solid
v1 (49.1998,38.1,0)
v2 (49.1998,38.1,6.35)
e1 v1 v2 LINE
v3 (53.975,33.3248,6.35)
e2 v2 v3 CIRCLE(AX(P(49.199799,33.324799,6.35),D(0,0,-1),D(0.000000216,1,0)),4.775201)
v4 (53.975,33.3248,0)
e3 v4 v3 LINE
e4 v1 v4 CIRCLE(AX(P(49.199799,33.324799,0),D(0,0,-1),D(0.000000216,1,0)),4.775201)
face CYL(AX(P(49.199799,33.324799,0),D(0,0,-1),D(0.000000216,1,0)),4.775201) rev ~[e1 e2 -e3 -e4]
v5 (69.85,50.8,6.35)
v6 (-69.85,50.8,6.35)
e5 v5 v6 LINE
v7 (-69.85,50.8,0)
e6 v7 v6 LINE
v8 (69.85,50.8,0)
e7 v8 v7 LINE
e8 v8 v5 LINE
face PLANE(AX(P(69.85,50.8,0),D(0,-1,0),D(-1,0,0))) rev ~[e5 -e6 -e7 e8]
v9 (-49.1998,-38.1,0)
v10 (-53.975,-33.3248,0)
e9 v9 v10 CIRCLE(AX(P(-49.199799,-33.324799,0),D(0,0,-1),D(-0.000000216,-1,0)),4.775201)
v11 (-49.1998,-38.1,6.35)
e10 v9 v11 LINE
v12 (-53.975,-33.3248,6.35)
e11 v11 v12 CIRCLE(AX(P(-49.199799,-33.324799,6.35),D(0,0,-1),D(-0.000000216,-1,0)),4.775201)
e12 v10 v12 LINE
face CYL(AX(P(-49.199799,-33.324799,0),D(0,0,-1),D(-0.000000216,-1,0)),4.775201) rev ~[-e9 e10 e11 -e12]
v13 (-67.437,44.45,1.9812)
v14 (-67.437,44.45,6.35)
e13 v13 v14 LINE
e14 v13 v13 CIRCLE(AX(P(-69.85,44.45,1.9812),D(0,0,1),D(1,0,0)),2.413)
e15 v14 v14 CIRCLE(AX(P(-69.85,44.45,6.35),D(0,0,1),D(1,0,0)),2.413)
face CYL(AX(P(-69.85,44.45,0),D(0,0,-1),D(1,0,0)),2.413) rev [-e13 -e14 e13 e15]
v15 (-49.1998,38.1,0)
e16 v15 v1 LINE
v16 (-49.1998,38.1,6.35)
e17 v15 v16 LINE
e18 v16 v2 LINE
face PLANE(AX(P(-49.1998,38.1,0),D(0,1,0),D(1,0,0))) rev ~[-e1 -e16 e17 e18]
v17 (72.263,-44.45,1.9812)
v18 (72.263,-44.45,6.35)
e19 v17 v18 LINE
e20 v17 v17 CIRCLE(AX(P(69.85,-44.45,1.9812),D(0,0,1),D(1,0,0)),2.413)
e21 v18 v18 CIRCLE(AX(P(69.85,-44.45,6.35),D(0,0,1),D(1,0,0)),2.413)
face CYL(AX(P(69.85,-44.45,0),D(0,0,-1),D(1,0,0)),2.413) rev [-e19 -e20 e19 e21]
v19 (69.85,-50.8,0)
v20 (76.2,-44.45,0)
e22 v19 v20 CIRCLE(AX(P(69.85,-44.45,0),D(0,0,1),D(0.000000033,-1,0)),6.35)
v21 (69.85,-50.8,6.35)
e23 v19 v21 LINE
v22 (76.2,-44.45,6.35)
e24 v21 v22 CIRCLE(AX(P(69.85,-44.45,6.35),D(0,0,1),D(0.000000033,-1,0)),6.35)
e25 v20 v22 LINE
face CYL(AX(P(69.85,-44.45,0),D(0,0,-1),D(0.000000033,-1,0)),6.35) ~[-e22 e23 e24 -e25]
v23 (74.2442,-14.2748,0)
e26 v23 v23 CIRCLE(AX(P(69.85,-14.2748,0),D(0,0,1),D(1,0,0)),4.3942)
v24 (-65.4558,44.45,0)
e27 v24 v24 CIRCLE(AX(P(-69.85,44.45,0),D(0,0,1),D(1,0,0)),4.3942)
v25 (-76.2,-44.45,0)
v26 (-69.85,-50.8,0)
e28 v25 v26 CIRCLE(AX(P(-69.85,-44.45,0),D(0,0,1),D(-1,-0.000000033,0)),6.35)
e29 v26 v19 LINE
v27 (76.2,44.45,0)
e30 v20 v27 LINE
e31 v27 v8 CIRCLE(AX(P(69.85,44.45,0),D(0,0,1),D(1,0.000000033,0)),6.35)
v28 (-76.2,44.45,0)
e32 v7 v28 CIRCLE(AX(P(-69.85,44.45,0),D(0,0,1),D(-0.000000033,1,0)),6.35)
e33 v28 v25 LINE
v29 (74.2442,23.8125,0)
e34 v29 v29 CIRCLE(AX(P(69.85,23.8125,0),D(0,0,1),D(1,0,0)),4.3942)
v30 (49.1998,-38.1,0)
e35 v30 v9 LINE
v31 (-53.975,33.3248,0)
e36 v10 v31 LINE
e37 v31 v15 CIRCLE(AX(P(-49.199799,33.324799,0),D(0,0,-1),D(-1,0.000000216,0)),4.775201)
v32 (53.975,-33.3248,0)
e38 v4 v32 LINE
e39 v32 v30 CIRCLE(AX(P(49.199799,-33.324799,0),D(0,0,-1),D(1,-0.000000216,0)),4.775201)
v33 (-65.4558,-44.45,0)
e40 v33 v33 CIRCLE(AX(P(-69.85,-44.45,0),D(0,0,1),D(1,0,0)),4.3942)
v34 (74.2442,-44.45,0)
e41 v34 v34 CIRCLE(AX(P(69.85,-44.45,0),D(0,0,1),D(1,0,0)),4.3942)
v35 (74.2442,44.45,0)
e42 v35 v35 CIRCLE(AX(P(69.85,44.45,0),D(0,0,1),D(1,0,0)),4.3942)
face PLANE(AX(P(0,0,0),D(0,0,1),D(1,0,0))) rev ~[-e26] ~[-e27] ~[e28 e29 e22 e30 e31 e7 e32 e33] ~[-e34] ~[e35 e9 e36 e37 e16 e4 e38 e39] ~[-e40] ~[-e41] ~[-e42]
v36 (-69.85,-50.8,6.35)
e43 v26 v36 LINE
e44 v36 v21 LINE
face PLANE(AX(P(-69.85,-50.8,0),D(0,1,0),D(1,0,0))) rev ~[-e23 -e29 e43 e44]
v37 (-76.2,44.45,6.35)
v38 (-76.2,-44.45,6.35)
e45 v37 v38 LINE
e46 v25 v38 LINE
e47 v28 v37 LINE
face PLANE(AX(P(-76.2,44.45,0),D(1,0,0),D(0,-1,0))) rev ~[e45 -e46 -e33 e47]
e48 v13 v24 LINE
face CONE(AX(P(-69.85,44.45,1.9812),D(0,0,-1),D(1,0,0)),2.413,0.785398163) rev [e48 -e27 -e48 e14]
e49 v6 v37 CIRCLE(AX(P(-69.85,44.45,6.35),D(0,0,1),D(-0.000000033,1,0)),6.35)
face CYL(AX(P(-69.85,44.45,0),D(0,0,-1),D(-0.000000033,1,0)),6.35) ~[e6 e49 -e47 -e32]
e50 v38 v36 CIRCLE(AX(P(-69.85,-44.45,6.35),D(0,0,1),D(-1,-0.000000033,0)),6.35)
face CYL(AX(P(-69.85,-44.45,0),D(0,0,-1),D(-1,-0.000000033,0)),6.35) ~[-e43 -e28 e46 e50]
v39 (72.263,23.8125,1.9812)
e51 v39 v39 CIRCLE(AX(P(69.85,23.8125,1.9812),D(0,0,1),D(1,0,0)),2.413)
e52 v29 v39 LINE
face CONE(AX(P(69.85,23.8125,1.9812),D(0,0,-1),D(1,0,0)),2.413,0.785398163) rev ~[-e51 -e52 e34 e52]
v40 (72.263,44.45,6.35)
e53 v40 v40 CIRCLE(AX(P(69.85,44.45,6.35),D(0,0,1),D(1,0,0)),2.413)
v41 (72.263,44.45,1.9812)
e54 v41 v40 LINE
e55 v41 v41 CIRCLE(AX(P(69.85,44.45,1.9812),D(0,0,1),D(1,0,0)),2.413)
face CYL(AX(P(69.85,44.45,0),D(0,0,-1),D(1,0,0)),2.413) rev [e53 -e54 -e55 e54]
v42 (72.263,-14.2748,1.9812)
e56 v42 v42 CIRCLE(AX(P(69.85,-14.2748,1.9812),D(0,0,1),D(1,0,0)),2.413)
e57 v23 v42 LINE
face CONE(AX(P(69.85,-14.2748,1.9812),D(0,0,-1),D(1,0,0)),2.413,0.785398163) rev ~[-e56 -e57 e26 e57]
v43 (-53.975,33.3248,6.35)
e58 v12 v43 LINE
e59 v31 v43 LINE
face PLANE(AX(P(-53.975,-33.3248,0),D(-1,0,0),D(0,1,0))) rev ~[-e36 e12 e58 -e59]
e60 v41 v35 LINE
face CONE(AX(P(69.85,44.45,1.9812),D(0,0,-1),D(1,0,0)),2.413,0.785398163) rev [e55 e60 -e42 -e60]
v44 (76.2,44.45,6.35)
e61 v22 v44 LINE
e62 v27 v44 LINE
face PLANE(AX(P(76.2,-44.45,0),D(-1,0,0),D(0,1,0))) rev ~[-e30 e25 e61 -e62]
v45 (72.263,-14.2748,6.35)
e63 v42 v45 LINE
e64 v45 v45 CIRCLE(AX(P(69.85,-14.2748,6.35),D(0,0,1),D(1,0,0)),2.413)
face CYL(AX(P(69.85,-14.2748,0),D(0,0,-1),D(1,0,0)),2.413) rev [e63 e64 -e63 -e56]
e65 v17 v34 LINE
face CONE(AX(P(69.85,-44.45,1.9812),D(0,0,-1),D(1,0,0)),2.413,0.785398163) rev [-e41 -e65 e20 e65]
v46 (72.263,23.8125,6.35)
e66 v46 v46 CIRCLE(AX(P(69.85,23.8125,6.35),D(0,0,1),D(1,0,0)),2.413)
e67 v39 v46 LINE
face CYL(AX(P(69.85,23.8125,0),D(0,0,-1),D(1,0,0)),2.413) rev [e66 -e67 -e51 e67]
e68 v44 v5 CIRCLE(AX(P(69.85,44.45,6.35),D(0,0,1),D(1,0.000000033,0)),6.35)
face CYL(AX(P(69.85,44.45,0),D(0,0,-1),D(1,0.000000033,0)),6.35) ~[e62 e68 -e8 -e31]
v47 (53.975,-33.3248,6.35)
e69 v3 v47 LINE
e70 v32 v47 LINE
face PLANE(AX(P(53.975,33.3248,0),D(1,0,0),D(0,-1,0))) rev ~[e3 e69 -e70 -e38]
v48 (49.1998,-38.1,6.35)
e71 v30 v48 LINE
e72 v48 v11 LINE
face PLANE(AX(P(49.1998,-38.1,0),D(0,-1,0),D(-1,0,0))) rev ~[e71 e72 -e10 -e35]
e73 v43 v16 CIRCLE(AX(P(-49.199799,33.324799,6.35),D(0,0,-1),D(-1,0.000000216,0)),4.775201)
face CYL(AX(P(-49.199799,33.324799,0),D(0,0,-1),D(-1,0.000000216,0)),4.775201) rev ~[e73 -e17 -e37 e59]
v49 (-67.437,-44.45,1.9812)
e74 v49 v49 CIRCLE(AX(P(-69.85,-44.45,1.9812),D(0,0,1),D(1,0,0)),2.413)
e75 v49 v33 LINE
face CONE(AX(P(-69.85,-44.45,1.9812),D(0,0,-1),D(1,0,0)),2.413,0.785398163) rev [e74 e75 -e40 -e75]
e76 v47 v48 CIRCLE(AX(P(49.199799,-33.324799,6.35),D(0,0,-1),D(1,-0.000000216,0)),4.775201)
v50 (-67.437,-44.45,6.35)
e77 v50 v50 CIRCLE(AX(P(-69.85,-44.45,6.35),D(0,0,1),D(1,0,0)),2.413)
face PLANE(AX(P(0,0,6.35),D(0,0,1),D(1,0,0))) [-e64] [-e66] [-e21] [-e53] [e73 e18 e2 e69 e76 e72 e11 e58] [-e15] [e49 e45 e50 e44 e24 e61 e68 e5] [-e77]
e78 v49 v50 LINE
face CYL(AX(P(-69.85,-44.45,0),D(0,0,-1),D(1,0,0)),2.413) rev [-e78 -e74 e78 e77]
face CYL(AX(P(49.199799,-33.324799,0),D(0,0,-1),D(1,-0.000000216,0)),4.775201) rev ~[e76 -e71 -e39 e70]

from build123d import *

# Parameters (mm, degrees)
F0_R     = 2.413
F1_DEPTH = 6.35
F2_SIZE  = 1.9812
F3_SIZE  = 1.9812


with BuildPart() as f1:
    # F0 (on Top) → F1 (new body)
    with BuildSketch(Plane.XY):
        with BuildLine():
            ThreePointArc((-76.2, -44.45), (-74.340128, -48.940128), (-69.85, -50.8))
            Line((-69.85, -50.8), (69.85, -50.8))
            ThreePointArc((69.85, -50.8), (74.340128, -48.940128), (76.2, -44.45))
            Line((76.2, -44.45), (76.2, 44.45))
            ThreePointArc((76.2, 44.45), (74.340128, 48.940128), (69.85, 50.8))
            Line((69.85, 50.8), (-69.85, 50.8))
            ThreePointArc((-69.85, 50.8), (-74.340128, 48.940128), (-76.2, 44.45))
            Line((-76.2, 44.45), (-76.2, -44.45))
        make_face()
        with Locations((-69.85, -44.45)):
            Circle(F0_R, mode=Mode.SUBTRACT)
        with Locations((69.85, -44.45)):
            Circle(F0_R, mode=Mode.SUBTRACT)
        with Locations((69.85, -14.2748)):
            Circle(F0_R, mode=Mode.SUBTRACT)
        with Locations((-69.85, 44.45)):
            Circle(F0_R, mode=Mode.SUBTRACT)
        with BuildLine():
            ThreePointArc((-53.975, 33.3248), (-52.576376, 36.701376), (-49.1998, 38.1))
            Line((-49.1998, 38.1), (49.1998, 38.1))
            ThreePointArc((49.1998, 38.1), (52.576376, 36.701376), (53.975, 33.3248))
            Line((53.975, 33.3248), (53.975, -33.3248))
            ThreePointArc((53.975, -33.3248), (52.576376, -36.701376), (49.1998, -38.1))
            Line((49.1998, -38.1), (-49.1998, -38.1))
            ThreePointArc((-49.1998, -38.1), (-52.576376, -36.701376), (-53.975, -33.3248))
            Line((-53.975, -33.3248), (-53.975, 33.3248))
        make_face(mode=Mode.SUBTRACT)
        with Locations((69.85, 23.8125)):
            Circle(F0_R, mode=Mode.SUBTRACT)
        with Locations((69.85, 44.45)):
            Circle(F0_R, mode=Mode.SUBTRACT)
    extrude(amount=F1_DEPTH)

    # F2
    f2_edges = [f1.edges().sort_by_distance(p)[0] for p in [
        (-72.263, 44.45, 0),
        (-72.263, -44.45, 0),
        (67.437, 44.45, 0),
        (67.437, -44.45, 0),
    ]]
    chamfer(f2_edges, length=F2_SIZE)

    # F3
    f3_edges = [f1.edges().sort_by_distance(p)[0] for p in [
        (67.437, 23.8125, 0),
        (67.437, -14.2748, 0),
    ]]
    chamfer(f3_edges, length=F3_SIZE)


solid = f1.part
